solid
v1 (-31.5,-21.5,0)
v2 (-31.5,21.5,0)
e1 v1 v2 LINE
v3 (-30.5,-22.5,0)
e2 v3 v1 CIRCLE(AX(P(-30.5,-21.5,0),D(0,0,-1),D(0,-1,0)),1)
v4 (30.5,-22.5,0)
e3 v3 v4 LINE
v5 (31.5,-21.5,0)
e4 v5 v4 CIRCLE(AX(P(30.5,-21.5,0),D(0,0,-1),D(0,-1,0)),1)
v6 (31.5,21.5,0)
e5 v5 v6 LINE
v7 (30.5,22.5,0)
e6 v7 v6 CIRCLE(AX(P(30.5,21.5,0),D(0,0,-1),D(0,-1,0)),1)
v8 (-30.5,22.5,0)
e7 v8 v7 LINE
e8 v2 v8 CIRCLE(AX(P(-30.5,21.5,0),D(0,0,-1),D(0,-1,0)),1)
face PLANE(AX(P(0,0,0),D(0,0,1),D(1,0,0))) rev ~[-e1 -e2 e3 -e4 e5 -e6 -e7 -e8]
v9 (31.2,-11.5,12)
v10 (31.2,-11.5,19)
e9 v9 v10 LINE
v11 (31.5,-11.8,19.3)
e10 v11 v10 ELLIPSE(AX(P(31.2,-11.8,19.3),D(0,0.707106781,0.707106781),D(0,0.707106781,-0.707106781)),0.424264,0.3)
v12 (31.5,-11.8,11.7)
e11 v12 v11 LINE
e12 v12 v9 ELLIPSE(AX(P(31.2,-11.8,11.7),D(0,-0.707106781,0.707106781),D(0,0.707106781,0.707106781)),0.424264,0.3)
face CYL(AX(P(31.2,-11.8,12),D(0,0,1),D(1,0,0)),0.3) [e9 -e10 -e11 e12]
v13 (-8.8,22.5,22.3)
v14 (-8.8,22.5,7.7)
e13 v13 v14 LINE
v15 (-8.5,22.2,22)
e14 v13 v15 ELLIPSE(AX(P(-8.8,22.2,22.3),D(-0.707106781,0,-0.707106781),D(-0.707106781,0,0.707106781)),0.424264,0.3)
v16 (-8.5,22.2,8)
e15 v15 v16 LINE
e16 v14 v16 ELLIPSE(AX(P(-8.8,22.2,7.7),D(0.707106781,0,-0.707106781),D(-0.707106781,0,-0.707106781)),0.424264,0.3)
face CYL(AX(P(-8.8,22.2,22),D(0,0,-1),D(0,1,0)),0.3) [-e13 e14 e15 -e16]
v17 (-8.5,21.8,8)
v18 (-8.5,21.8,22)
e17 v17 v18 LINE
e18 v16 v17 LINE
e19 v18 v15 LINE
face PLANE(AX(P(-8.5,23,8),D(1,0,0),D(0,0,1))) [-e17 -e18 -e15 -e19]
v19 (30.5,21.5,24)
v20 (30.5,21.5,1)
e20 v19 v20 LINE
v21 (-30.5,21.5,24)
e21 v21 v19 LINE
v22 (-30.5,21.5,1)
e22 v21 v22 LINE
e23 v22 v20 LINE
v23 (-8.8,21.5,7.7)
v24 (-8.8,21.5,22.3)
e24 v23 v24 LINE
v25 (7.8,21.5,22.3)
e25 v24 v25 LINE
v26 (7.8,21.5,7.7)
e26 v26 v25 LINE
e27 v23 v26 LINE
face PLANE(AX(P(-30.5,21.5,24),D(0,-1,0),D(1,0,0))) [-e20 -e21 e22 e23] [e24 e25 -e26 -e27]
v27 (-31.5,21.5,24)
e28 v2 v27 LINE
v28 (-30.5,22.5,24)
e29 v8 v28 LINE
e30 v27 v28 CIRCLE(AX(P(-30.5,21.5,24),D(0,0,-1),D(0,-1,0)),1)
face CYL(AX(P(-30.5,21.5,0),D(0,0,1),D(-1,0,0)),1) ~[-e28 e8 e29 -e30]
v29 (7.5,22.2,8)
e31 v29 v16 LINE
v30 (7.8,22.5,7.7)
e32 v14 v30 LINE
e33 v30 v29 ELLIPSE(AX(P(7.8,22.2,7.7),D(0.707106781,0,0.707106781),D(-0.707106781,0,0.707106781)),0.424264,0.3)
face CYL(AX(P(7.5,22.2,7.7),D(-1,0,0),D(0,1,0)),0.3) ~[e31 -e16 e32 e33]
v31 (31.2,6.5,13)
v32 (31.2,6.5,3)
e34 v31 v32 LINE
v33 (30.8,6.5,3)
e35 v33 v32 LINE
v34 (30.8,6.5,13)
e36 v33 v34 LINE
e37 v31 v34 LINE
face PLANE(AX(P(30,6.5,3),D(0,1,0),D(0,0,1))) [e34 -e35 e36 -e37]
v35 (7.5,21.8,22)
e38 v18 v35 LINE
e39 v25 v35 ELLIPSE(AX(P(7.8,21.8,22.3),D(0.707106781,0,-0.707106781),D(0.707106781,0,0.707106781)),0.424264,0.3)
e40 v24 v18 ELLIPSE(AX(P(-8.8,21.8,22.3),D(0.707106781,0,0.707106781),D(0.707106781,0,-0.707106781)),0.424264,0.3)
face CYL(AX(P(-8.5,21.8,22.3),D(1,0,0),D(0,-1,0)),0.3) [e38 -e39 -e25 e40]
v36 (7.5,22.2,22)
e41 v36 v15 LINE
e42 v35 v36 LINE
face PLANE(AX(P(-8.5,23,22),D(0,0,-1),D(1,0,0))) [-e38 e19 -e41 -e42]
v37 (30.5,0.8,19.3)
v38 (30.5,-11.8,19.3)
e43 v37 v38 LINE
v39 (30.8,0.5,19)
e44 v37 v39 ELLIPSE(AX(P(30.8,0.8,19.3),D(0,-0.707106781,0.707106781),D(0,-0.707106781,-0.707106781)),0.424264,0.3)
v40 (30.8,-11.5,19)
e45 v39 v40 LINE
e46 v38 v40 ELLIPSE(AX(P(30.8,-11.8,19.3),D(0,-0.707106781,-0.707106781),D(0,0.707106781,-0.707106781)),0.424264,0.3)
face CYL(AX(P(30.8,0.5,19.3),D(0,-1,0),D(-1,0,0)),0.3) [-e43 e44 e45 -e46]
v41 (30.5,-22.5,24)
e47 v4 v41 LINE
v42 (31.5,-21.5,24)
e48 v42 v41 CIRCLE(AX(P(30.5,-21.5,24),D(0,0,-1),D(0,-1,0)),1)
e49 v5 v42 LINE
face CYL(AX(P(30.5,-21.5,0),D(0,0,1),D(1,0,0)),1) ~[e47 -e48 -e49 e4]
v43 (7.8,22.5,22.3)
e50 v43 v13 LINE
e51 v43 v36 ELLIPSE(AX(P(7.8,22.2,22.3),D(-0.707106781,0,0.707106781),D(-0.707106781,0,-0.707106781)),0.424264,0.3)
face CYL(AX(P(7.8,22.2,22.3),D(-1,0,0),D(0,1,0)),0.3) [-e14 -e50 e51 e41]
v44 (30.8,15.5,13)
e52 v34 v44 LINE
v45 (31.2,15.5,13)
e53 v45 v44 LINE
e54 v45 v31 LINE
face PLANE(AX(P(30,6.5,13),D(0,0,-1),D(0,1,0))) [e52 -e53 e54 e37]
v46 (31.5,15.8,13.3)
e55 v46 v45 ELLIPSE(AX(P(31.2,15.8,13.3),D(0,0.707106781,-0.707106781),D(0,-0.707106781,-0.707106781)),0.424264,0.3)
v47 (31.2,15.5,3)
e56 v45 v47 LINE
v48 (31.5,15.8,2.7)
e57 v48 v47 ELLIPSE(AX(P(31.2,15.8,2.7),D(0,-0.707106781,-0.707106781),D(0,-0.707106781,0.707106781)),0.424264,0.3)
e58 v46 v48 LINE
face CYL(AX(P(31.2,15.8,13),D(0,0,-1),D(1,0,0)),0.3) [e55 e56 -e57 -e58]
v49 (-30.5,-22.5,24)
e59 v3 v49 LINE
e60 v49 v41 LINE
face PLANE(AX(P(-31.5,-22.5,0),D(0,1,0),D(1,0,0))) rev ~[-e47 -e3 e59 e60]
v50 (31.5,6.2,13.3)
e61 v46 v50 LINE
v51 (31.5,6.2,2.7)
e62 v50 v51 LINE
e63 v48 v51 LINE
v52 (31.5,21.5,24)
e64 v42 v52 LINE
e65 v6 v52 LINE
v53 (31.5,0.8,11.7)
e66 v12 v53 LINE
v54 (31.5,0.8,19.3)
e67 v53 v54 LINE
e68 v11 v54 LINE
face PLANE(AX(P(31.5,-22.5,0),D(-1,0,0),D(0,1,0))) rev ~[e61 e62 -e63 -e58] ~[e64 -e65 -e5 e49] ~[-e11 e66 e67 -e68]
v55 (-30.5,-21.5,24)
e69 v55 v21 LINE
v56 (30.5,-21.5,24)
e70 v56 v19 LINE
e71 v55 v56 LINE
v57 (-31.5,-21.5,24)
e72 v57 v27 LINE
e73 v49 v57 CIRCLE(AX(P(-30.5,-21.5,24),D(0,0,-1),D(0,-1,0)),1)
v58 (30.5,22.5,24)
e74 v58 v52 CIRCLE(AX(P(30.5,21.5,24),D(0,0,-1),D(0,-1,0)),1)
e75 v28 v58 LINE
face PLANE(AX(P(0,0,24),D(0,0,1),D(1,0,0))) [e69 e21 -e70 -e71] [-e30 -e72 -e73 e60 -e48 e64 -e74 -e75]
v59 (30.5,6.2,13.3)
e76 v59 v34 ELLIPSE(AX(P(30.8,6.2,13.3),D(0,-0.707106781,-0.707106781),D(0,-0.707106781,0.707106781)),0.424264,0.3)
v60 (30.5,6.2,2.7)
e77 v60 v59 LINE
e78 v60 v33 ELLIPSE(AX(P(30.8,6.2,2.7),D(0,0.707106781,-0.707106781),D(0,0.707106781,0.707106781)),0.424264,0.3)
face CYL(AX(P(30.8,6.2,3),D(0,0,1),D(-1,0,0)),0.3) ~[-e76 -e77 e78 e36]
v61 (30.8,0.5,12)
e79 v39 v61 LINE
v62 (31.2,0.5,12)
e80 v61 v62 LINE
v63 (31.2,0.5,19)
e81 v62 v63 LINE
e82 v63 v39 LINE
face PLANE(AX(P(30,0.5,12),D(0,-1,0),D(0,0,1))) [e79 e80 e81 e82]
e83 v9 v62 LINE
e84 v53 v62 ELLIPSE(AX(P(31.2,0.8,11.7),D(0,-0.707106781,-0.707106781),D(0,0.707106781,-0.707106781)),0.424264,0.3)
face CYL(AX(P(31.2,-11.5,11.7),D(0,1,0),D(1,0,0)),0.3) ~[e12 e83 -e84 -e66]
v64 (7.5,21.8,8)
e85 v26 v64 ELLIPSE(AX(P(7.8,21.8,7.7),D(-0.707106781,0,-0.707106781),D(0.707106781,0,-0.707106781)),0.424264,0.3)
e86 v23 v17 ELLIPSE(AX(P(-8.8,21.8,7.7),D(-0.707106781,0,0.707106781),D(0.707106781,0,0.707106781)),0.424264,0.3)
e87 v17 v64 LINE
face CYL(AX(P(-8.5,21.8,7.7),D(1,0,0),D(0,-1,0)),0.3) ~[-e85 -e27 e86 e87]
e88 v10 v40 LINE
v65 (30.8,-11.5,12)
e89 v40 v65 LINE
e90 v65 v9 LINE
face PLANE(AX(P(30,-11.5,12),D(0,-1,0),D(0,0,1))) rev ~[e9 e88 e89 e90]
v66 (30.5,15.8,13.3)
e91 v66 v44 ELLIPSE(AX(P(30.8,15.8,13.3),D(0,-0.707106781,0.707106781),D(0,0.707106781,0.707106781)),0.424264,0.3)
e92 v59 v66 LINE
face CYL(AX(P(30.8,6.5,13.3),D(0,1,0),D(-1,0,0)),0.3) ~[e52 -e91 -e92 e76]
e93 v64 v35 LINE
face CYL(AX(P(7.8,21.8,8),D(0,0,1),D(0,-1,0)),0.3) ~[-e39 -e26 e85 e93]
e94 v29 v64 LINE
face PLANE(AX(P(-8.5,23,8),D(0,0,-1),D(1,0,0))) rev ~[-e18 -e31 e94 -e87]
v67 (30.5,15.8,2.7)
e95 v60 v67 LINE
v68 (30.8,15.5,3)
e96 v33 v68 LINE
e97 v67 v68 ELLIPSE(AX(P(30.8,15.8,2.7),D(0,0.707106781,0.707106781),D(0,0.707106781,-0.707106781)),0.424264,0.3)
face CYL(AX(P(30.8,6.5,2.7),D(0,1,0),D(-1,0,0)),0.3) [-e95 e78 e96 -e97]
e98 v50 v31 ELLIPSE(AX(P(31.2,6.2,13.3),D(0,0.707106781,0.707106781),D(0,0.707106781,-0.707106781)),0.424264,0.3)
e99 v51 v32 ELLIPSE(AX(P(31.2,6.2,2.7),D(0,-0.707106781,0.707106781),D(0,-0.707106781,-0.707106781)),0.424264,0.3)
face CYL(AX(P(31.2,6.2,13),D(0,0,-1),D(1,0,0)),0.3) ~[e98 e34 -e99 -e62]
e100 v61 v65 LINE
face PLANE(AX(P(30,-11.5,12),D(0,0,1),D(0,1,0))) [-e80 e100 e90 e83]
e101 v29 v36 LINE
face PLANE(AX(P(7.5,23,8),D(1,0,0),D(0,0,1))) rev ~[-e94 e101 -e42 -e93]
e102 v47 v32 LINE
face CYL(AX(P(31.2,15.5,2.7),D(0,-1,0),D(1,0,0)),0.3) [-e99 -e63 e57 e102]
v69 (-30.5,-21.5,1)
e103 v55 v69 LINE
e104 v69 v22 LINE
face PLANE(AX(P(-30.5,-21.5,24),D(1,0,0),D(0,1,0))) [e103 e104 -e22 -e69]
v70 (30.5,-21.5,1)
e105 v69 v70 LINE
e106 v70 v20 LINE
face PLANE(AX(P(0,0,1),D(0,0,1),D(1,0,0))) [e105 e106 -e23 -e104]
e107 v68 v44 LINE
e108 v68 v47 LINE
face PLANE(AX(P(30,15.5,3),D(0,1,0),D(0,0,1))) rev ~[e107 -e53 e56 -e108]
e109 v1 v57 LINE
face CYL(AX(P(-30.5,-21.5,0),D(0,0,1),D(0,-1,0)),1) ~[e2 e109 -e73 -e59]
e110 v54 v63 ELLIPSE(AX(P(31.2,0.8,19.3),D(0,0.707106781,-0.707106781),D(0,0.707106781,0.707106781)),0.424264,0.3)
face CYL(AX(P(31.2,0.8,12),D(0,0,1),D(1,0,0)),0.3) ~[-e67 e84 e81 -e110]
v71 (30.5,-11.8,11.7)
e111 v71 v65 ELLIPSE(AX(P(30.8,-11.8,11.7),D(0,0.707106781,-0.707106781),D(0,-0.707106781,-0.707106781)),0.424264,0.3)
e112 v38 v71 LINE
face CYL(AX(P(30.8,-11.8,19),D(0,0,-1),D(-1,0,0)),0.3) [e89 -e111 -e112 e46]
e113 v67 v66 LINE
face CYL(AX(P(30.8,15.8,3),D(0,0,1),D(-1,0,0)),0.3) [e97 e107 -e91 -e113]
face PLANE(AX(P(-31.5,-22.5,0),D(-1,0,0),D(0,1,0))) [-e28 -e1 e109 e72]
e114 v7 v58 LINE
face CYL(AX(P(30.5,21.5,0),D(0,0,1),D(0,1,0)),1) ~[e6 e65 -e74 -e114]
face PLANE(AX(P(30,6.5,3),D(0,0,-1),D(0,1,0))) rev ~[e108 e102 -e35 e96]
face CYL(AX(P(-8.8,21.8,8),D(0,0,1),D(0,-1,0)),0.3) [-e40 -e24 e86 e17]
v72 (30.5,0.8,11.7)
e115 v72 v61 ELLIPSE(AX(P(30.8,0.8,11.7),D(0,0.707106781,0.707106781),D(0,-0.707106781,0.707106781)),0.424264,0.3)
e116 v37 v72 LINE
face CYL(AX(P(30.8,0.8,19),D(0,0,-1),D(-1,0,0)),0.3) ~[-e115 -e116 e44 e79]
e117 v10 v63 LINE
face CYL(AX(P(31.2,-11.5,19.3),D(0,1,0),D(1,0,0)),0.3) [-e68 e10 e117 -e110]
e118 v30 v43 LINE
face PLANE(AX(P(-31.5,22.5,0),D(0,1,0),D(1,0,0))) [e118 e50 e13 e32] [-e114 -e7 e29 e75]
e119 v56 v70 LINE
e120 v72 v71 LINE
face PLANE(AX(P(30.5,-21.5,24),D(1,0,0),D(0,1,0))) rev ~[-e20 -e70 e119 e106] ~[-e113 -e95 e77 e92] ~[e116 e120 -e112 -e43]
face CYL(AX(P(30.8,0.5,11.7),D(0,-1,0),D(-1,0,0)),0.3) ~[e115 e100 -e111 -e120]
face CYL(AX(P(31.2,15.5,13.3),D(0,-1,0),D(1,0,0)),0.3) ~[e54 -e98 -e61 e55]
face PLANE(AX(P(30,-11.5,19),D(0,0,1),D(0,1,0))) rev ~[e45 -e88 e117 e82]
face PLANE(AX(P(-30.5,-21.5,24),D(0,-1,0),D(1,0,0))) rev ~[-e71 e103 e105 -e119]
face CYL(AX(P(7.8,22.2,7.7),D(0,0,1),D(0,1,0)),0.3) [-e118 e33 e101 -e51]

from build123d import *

# Parameters (mm, degrees)
SKETCH_W        = 63
SKETCH_H        = 45
PAD_DEPTH       = 24
SKETCH001_W     = 61
SKETCH001_H     = 43
POCKET_DEPTH    = 23
SKETCH002_W     = 12
SKETCH002_H     = 7
SKETCH002_W_2   = 9
SKETCH002_H_2   = 10
POCKET001_DEPTH = 2.5
SKETCH003_W     = 16
SKETCH003_H     = 14
POCKET002_DEPTH = 2.5
FILLET_R        = 1
FILLET001_R     = 1
FILLET002_R     = 1
FILLET003_R     = 1
FILLET004_R     = 0.3
FILLET005_R     = 0.3
FILLET006_R     = 0.3
FILLET007_R     = 0.3
FILLET008_R     = 0.3
FILLET009_R     = 0.3


with BuildPart() as part:
    # Sketch → Pad (new body)
    with BuildSketch(Plane.XY):
        Rectangle(SKETCH_W, SKETCH_H)
    extrude(amount=PAD_DEPTH)

    # Sketch001 → Pocket (cut)
    with BuildSketch(Plane.XY.offset(24)):
        Rectangle(SKETCH001_W, SKETCH001_H)
    extrude(amount=-POCKET_DEPTH, mode=Mode.SUBTRACT)

    # Sketch002 → Pocket001 (cut, symmetric)
    with BuildSketch(Plane.YZ.offset(30)):
        with Locations((-5.5, 15.5)):
            Rectangle(SKETCH002_W, SKETCH002_H)
        with Locations((11, 8)):
            Rectangle(SKETCH002_W_2, SKETCH002_H_2)
    extrude(amount=POCKET001_DEPTH, both=True, mode=Mode.SUBTRACT)

    # Sketch003 → Pocket002 (cut, symmetric)
    with BuildSketch(Plane.XZ.offset(-23)):
        with Locations((-0.5, 15)):
            Rectangle(SKETCH003_W, SKETCH003_H)
    extrude(amount=POCKET002_DEPTH, both=True, mode=Mode.SUBTRACT)

    # Fillet
    fillet_edges = [part.edges().sort_by_distance(p)[0] for p in [
        (31.5, 22.5, 12),
    ]]
    fillet(fillet_edges, radius=FILLET_R)

    # Fillet001
    fillet001_edges = [part.edges().sort_by_distance(p)[0] for p in [
        (31.5, -22.5, 12),
    ]]
    fillet(fillet001_edges, radius=FILLET001_R)

    # Fillet002
    fillet002_edges = [part.edges().sort_by_distance(p)[0] for p in [
        (-31.5, -22.5, 12),
    ]]
    fillet(fillet002_edges, radius=FILLET002_R)

    # Fillet003
    fillet003_edges = [part.edges().sort_by_distance(p)[0] for p in [
        (-31.5, 22.5, 12),
    ]]
    fillet(fillet003_edges, radius=FILLET003_R)

    # Fillet004
    fillet004_edges = [part.edges().sort_by_distance(p)[0] for p in [
        (-0.5, 22.5, 8),
    ]]
    fillet(fillet004_edges, radius=FILLET004_R)

    # Fillet005
    fillet005_edges = [part.edges().sort_by_distance(p)[0] for p in [
        (7.5, 22.5, 15),
        (-8.5, 22.5, 15),
    ]]
    fillet(fillet005_edges, radius=FILLET005_R)

    # Fillet006
    fillet006_edges = [part.edges().sort_by_distance(p)[0] for p in [
        (-0.5, 22.5, 22),
    ]]
    fillet(fillet006_edges, radius=FILLET006_R)

    # Fillet007
    fillet007_edges = [part.edges().sort_by_distance(p)[0] for p in [
        (31.5, 11, 3),
        (31.5, 6.5, 8),
        (31.5, 11, 13),
        (31.5, 15.5, 8),
        (31.5, -5.5, 12),
        (31.5, 0.5, 15.5),
        (31.5, -5.5, 19),
        (31.5, -11.5, 15.5),
    ]]
    fillet(fillet007_edges, radius=FILLET007_R)

    # Fillet008
    fillet008_edges = [part.edges().sort_by_distance(p)[0] for p in [
        (-0.5, 21.5, 22),
        (-0.5, 21.5, 8),
        (-8.5, 21.5, 15),
        (7.5, 21.5, 15),
    ]]
    fillet(fillet008_edges, radius=FILLET008_R)

    # Fillet009
    fillet009_edges = [part.edges().sort_by_distance(p)[0] for p in [
        (30.5, 11, 3),
        (30.5, 6.5, 8),
        (30.5, 11, 13),
        (30.5, 15.5, 8),
        (30.5, -5.5, 12),
        (30.5, -11.5, 15.5),
        (30.5, -5.5, 19),
        (30.5, 0.5, 15.5),
    ]]
    fillet(fillet009_edges, radius=FILLET009_R)


solid = part.part
